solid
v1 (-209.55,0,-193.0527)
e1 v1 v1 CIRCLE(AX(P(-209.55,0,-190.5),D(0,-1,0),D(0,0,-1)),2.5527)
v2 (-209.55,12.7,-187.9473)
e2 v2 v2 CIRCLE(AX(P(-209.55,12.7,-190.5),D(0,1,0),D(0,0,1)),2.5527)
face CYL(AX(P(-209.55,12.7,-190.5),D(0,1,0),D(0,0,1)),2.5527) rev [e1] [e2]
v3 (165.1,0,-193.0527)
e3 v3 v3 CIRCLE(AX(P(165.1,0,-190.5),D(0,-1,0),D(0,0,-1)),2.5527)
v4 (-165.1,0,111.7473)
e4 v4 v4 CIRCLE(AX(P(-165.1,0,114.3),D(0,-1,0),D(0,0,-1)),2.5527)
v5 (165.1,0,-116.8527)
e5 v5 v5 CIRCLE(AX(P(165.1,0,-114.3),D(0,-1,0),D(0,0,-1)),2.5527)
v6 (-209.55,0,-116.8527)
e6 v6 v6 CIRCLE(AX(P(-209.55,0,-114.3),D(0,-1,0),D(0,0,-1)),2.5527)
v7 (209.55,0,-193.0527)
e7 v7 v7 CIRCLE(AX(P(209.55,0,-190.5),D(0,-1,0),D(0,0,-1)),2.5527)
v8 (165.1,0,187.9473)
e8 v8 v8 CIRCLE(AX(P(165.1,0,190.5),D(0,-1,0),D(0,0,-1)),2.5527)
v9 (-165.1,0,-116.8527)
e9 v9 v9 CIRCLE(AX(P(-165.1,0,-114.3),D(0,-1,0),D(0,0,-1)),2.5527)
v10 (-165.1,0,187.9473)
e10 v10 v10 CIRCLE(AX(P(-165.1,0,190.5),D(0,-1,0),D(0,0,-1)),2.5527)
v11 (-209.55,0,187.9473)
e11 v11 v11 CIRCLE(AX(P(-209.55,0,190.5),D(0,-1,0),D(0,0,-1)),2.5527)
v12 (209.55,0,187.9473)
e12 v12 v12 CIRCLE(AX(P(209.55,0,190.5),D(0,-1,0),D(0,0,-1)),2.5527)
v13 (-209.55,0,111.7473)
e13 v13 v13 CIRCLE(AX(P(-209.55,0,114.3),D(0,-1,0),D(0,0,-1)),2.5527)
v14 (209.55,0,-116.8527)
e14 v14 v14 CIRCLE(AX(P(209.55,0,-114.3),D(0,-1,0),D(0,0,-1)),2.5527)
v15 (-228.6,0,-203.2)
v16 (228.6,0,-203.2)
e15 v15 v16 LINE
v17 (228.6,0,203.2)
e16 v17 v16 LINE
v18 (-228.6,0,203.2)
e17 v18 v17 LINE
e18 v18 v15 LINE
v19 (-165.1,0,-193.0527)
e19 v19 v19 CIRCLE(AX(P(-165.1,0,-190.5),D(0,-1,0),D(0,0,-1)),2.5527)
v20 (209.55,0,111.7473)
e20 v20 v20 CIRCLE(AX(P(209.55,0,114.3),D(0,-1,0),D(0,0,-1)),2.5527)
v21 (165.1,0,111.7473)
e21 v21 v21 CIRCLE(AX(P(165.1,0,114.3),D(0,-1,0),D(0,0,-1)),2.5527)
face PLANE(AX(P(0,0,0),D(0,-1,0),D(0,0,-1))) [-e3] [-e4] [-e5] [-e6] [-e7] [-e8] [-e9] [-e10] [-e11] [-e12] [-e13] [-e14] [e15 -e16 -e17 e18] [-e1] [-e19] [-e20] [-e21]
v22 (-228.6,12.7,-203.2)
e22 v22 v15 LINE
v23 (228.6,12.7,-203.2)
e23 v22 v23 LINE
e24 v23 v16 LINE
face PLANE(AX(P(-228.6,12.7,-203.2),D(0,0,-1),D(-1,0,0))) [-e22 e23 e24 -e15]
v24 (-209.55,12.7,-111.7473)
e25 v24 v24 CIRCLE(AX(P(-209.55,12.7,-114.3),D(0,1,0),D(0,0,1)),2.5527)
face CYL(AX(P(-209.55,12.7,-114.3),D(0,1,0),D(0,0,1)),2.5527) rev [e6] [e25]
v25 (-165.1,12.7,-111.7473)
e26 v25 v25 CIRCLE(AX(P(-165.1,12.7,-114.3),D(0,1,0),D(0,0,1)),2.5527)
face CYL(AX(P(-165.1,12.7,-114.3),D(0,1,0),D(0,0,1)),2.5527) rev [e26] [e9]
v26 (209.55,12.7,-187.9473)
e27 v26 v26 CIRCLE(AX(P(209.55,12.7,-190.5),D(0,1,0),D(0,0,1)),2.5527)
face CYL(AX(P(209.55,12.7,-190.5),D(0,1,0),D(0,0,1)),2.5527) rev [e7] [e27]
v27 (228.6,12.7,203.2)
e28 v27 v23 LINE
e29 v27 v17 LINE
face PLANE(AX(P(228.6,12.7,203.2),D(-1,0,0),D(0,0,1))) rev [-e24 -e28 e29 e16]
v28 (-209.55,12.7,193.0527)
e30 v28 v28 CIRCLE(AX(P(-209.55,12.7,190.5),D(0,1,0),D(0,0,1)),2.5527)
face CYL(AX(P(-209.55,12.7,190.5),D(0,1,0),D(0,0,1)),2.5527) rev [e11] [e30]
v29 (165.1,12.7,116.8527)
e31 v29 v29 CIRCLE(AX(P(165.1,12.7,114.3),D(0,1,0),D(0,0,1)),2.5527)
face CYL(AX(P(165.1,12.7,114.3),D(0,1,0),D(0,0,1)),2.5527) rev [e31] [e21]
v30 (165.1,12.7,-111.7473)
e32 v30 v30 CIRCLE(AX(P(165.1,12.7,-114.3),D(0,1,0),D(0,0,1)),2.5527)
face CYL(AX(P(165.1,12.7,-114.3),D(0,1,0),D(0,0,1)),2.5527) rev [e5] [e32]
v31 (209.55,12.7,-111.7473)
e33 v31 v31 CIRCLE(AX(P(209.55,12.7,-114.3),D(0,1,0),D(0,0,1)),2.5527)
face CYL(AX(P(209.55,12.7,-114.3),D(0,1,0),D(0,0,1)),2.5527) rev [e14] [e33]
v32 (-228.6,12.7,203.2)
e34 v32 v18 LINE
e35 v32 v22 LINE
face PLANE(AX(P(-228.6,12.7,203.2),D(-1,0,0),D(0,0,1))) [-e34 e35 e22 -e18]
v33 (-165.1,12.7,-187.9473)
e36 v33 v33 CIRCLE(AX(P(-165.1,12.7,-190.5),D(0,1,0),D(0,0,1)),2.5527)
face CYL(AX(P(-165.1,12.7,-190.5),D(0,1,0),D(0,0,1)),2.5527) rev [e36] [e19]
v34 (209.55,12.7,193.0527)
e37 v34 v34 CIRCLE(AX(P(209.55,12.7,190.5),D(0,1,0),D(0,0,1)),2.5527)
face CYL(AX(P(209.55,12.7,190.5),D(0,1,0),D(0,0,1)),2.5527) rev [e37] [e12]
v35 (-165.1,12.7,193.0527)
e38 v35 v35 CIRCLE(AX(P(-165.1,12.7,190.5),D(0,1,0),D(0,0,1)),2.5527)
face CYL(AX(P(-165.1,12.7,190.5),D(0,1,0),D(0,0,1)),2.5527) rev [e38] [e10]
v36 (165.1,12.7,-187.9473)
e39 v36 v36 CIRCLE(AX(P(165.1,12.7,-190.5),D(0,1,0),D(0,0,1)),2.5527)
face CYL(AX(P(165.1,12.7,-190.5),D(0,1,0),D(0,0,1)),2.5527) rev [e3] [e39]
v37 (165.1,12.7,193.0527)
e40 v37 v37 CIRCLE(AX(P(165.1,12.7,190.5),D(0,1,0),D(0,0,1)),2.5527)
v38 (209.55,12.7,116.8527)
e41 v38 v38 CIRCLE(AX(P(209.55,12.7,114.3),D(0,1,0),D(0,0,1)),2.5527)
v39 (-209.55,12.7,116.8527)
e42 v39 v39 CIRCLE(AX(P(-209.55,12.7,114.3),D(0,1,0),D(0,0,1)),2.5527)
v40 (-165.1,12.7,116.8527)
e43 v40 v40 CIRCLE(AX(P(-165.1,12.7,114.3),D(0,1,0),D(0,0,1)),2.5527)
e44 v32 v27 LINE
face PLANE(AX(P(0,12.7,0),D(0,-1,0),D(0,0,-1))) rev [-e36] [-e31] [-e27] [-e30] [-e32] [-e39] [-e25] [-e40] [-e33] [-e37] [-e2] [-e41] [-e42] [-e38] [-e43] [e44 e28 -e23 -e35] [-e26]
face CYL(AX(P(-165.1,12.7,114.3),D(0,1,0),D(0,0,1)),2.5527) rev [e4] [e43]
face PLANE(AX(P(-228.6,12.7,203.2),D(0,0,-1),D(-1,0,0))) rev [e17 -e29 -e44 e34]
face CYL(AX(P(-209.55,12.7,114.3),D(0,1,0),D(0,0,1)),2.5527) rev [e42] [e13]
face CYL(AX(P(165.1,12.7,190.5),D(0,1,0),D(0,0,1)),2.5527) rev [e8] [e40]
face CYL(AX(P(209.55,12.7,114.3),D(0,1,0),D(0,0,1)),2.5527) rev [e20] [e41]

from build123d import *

# Parameters (mm, degrees)
SKETCH1_W                        = 457.2
SKETCH1_H                        = 406.4
BOSS_EXTRUDE1_DEPTH              = 12.7
F_1_4_20_TAPPED_HOLE1_AT_2_COUNT = 2
F_1_4_20_TAPPED_HOLE1_AT_2_PITCH = 76.2
F_1_4_20_TAPPED_HOLE1_AT_3_COUNT = 2
F_1_4_20_TAPPED_HOLE1_AT_3_PITCH = 88.217019333
F_1_4_20_TAPPED_HOLE1_AT_4_COUNT = 2
F_1_4_20_TAPPED_HOLE1_AT_4_PITCH = 44.45


with BuildPart() as part:
    # Sketch1 → Boss-Extrude1 (new body)
    with BuildSketch(Plane(origin=(0, 0, 0), x_dir=(1, 0, 0), z_dir=(0, 1, 0))):
        Rectangle(SKETCH1_W, SKETCH1_H)
    extrude(amount=BOSS_EXTRUDE1_DEPTH)

    # Sketch4 → 1/4-20 Tapped Hole1 (revolve, cut)
    with BuildSketch(Plane(origin=(-209.55, 12.7, 190.5), x_dir=(0, 0, 1), z_dir=(1, 0, 0))):
        Polygon((0, 0), (0, 18.043816902), (2.5527, 16.51), (2.5527, 0), align=None)
    f_1_4_20_tapped_hole1 = revolve(axis=Axis((-209.55, 19.05, 190.5), (0, -1, 0)), mode=Mode.SUBTRACT)

    # 1/4-20 Tapped Hole1 at 2: 1/4-20 Tapped Hole1 ×2
    with Locations(*[(0, 0, -i * F_1_4_20_TAPPED_HOLE1_AT_2_PITCH) for i in range(1, F_1_4_20_TAPPED_HOLE1_AT_2_COUNT)]):
        add(f_1_4_20_tapped_hole1, mode=Mode.SUBTRACT)

    # 1/4-20 Tapped Hole1 at 3: 1/4-20 Tapped Hole1 ×2
    with Locations(*[Vector(0.5038710255240861, 0, -0.8637789008984336) * (i * F_1_4_20_TAPPED_HOLE1_AT_3_PITCH) for i in range(1, F_1_4_20_TAPPED_HOLE1_AT_3_COUNT)]):
        add(f_1_4_20_tapped_hole1, mode=Mode.SUBTRACT)

    # 1/4-20 Tapped Hole1 at 4: 1/4-20 Tapped Hole1 ×2
    with Locations(*[(i * F_1_4_20_TAPPED_HOLE1_AT_4_PITCH, 0, 0) for i in range(1, F_1_4_20_TAPPED_HOLE1_AT_4_COUNT)]):
        add(f_1_4_20_tapped_hole1, mode=Mode.SUBTRACT)

    # Mirror1: 1/4-20 Tapped Hole1 across plane
    add(f_1_4_20_tapped_hole1.mirror(Plane(origin=(0, 0, 0), x_dir=(0, 0, 1), z_dir=(1, 0, 0))), mode=Mode.SUBTRACT)

    # Mirror1 copy 1 sketch → Mirror1 copy 1 (revolve, cut)
    with BuildSketch(Plane(origin=(209.55, 12.7, 114.3), x_dir=(0, 0, 1), z_dir=(-1, 0, 0))):
        Polygon((0, 0), (0, -18.043816902), (2.5527, -16.51), (2.5527, 0), align=None)
    revolve(axis=Axis((209.55, 19.05, 114.3), (0, 1, 0)), mode=Mode.SUBTRACT)

    # Mirror1 copy 2 sketch → Mirror1 copy 2 (revolve, cut)
    with BuildSketch(Plane(origin=(165.1, 12.7, 114.3), x_dir=(0, 0, 1), z_dir=(-1, 0, 0))):
        Polygon((0, 0), (0, -18.043816902), (2.5527, -16.51), (2.5527, 0), align=None)
    revolve(axis=Axis((165.1, 19.05, 114.3), (0, 1, 0)), mode=Mode.SUBTRACT)

    # Mirror1 copy 3 sketch → Mirror1 copy 3 (revolve, cut)
    with BuildSketch(Plane(origin=(165.1, 12.7, 190.5), x_dir=(0, 0, 1), z_dir=(-1, 0, 0))):
        Polygon((0, 0), (0, -18.043816902), (2.5527, -16.51), (2.5527, 0), align=None)
    revolve(axis=Axis((165.1, 19.05, 190.5), (0, 1, 0)), mode=Mode.SUBTRACT)

    # Mirror2: 1/4-20 Tapped Hole1 across plane
    add(f_1_4_20_tapped_hole1.mirror(Plane.XY), mode=Mode.SUBTRACT)

    # Mirror2 copy 1 sketch → Mirror2 copy 1 (revolve, cut)
    with BuildSketch(Plane(origin=(-209.55, 12.7, -114.3), x_dir=(0, 0, -1), z_dir=(1, 0, 0))):
        Polygon((0, 0), (0, -18.043816902), (2.5527, -16.51), (2.5527, 0), align=None)
    revolve(axis=Axis((-209.55, 19.05, -114.3), (0, 1, 0)), mode=Mode.SUBTRACT)

    # Mirror2 copy 2 sketch → Mirror2 copy 2 (revolve, cut)
    with BuildSketch(Plane(origin=(-165.1, 12.7, -114.3), x_dir=(0, 0, -1), z_dir=(1, 0, 0))):
        Polygon((0, 0), (0, -18.043816902), (2.5527, -16.51), (2.5527, 0), align=None)
    revolve(axis=Axis((-165.1, 19.05, -114.3), (0, 1, 0)), mode=Mode.SUBTRACT)

    # Mirror2 copy 3 sketch → Mirror2 copy 3 (revolve, cut)
    with BuildSketch(Plane(origin=(-165.1, 12.7, -190.5), x_dir=(0, 0, -1), z_dir=(1, 0, 0))):
        Polygon((0, 0), (0, -18.043816902), (2.5527, -16.51), (2.5527, 0), align=None)
    revolve(axis=Axis((-165.1, 19.05, -190.5), (0, 1, 0)), mode=Mode.SUBTRACT)

    # Mirror2 copy 4 sketch → Mirror2 copy 4 (revolve, cut)
    with BuildSketch(Plane(origin=(209.55, 12.7, -190.5), x_dir=(0, 0, -1), z_dir=(-1, 0, 0))):
        Polygon((0, 0), (0, 18.043816902), (2.5527, 16.51), (2.5527, 0), align=None)
    revolve(axis=Axis((209.55, 19.05, -190.5), (0, -1, 0)), mode=Mode.SUBTRACT)

    # Mirror2 copy 5 sketch → Mirror2 copy 5 (revolve, cut)
    with BuildSketch(Plane(origin=(209.55, 12.7, -114.3), x_dir=(0, 0, -1), z_dir=(-1, 0, 0))):
        Polygon((0, 0), (0, 18.043816902), (2.5527, 16.51), (2.5527, 0), align=None)
    revolve(axis=Axis((209.55, 19.05, -114.3), (0, -1, 0)), mode=Mode.SUBTRACT)

    # Mirror2 copy 6 sketch → Mirror2 copy 6 (revolve, cut)
    with BuildSketch(Plane(origin=(165.1, 12.7, -114.3), x_dir=(0, 0, -1), z_dir=(-1, 0, 0))):
        Polygon((0, 0), (0, 18.043816902), (2.5527, 16.51), (2.5527, 0), align=None)
    revolve(axis=Axis((165.1, 19.05, -114.3), (0, -1, 0)), mode=Mode.SUBTRACT)

    # Mirror2 copy 7 sketch → Mirror2 copy 7 (revolve, cut)
    with BuildSketch(Plane(origin=(165.1, 12.7, -190.5), x_dir=(0, 0, -1), z_dir=(-1, 0, 0))):
        Polygon((0, 0), (0, 18.043816902), (2.5527, 16.51), (2.5527, 0), align=None)
    revolve(axis=Axis((165.1, 19.05, -190.5), (0, -1, 0)), mode=Mode.SUBTRACT)


solid = part.part
